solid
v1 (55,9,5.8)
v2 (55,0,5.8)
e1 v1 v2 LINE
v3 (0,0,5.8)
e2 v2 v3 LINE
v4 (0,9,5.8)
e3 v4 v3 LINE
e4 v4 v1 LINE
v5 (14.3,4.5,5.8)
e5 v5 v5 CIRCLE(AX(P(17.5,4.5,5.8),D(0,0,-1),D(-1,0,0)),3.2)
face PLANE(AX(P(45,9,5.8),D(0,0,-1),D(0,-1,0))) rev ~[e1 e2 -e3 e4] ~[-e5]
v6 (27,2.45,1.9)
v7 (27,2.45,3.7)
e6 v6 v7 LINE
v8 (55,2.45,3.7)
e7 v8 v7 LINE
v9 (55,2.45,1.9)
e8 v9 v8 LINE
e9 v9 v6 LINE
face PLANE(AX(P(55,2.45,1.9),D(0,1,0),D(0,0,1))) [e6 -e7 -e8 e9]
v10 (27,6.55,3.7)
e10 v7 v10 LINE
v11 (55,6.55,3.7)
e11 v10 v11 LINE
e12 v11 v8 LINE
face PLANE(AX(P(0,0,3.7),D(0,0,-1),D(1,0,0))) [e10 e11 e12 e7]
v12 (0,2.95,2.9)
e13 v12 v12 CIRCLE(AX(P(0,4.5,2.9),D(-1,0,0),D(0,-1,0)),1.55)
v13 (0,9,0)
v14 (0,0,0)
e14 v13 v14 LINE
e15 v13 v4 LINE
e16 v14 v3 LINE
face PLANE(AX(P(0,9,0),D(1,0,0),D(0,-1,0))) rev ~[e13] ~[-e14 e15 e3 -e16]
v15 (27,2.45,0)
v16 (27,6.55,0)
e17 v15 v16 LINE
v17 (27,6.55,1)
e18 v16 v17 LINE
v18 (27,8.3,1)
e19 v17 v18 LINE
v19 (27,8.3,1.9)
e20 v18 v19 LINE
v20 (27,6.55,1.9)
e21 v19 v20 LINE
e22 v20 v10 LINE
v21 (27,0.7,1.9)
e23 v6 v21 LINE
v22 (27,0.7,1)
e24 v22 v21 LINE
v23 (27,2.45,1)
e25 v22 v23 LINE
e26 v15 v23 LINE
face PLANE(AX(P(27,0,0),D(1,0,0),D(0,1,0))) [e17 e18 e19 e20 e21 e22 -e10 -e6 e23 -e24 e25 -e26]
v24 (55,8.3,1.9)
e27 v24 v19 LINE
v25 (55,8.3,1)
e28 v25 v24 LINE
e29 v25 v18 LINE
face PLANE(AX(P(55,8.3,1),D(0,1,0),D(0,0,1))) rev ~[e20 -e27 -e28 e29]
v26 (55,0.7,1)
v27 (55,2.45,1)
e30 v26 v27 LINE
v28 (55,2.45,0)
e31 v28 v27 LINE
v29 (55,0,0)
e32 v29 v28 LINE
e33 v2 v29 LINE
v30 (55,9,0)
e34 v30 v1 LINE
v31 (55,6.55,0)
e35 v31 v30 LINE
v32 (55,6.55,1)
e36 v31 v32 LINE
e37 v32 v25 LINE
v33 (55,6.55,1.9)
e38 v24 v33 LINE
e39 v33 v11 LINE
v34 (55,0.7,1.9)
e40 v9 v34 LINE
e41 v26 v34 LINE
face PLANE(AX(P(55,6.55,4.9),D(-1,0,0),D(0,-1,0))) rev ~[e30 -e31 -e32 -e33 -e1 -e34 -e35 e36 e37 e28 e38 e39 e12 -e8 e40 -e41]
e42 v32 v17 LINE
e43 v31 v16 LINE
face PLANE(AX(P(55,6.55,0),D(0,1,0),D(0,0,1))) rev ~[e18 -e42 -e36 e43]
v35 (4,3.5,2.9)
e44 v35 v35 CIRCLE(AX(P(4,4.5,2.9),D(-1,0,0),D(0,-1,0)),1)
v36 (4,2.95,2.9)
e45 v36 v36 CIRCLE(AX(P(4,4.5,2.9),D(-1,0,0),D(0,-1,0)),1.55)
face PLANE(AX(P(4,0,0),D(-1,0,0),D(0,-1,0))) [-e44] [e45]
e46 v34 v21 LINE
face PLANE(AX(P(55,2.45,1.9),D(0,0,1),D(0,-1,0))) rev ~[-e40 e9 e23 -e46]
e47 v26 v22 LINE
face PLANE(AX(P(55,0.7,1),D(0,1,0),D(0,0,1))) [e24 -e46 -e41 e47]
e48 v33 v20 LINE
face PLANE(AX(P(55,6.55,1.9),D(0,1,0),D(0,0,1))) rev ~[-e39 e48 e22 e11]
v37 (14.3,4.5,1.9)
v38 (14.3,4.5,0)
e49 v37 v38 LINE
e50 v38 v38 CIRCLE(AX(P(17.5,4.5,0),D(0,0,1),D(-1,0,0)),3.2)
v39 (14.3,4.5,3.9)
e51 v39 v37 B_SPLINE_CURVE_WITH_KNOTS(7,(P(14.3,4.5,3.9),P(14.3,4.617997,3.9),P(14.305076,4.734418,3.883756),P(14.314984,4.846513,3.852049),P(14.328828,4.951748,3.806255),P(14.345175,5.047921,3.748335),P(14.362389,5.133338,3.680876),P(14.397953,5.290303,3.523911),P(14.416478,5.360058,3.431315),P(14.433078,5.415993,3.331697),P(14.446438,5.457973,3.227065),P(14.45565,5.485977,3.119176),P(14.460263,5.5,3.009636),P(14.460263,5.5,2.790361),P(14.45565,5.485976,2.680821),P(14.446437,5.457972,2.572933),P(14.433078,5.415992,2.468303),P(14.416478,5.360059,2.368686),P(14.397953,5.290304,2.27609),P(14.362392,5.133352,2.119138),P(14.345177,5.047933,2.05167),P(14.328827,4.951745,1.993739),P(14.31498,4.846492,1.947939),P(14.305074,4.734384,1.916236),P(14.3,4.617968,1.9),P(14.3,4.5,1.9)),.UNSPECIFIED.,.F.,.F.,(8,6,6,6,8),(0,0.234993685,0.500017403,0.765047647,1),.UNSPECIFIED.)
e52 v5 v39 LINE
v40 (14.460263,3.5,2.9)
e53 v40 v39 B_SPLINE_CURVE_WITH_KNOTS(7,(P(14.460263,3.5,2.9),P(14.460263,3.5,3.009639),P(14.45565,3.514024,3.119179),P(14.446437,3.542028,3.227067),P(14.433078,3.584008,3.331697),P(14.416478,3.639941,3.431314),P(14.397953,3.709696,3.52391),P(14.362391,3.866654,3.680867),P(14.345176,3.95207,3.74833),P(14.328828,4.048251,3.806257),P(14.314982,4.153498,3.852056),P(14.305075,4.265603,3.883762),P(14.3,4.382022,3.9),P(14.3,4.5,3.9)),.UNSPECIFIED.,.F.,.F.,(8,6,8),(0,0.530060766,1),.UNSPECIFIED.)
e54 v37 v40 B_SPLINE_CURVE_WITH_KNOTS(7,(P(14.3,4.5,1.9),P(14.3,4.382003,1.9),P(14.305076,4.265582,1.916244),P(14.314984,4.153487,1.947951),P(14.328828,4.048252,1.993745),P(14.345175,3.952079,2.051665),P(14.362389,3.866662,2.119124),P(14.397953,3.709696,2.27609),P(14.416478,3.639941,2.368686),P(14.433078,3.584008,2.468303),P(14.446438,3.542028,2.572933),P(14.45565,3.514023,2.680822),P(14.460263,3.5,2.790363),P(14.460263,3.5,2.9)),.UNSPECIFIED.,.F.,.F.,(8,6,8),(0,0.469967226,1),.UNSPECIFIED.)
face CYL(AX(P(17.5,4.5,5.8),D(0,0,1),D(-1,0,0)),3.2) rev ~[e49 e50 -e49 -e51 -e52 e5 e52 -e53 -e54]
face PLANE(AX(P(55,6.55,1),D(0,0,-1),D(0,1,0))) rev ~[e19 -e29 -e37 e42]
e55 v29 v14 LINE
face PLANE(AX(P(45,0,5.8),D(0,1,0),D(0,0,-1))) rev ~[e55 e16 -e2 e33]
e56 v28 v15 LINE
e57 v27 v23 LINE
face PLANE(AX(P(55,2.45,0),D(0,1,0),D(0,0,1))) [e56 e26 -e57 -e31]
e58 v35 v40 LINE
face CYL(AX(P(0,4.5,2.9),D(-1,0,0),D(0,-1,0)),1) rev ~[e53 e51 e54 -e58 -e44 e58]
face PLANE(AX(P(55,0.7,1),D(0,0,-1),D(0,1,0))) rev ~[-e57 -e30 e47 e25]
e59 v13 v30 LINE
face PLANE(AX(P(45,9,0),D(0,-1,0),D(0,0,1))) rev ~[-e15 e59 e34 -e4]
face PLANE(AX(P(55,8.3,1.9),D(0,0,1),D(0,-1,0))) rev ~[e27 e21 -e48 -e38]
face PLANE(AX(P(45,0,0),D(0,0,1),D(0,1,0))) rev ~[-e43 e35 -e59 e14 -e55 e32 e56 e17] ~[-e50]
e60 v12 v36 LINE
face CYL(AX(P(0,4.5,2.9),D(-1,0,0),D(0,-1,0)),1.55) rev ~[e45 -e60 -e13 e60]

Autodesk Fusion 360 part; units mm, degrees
sketch "スケッチ3" plane through (0, 0, 0) normal (0, 0, 1) x (1, 0, 0)
  line L0 (0, 0) -> (45, 0)
  line L1 (45, 0) -> (45, 9)
  line L2 (45, 9) -> (0, 9)
  line L3 (0, 9) -> (0, 0)
  dimension "d4" = 45
  dimension "d5" = 9
extrude "押し出し2" add sketch "スケッチ3" along normal blind 5.8
sketch "スケッチ4" plane through (0, 0, 0) normal (1, 0, 0) x (0, 1, 0)
sketch "スケッチ5" plane through (45, 0, 0) normal (1, 0, 0) x (0, 1, 0)
  line L0 (0, 0) -> (9, 0)
  line L1 (9, 0) -> (9, 5.8)
  line L2 (9, 5.8) -> (0, 5.8)
  line L3 (0, 5.8) -> (0, 0)
  line L4 (0, 0) -> (0.85, 0)
  line L5 (0.85, 0) -> (0.85, 5.8)
  line L6 (0.85, 5.8) -> (0, 5.8)
  line L7 (0, 5.8) -> (0, 0)
  line L8 (9, 0) -> (8.15, 0)
  line L9 (8.15, 0) -> (8.15, 5.7622)
  line L10 (8.15, 5.7622) -> (9, 5.7622)
  line L11 (9, 5.7622) -> (9, 0)
  line L12 (0.85, 0) -> (8.15, 0)
  line L13 (8.15, 0) -> (8.15, 1)
  line L14 (8.15, 1) -> (0.85, 1)
  line L15 (0.85, 1) -> (0.85, 0)
  line L16 (0.85, 5.8) -> (8.1927, 5.8)
  line L17 (8.1927, 5.8) -> (8.1927, 1.8)
  line L18 (8.1927, 1.8) -> (0.85, 1.8)
  line L19 (0.85, 1.8) -> (0.85, 5.8)
  line L20 (4.5, 1) -> (6.55, 1)
  line L21 (6.55, 1) -> (6.55, 0)
  line L22 (6.55, 0) -> (4.5, 0)
  line L23 (4.5, 0) -> (4.5, 1)
  line L24 (4.5, 0) -> (2.45, 0)
  line L25 (2.45, 0) -> (2.45, 1)
  line L26 (2.45, 1) -> (4.5, 1)
  line L27 (4.5, 1) -> (4.5, 0)
  dimension "d8" = 0.85
  dimension "d9" = 0.85
  dimension "d10" = 1
  dimension "d11" = 4
  dimension "d12" = 2.05
  dimension "d13" = 2.05
sketch "スケッチ6" plane through (0, 0, 5.8) normal (0, 0, 1) x (-1, 0, 0)
  line L0 (0, -9) -> (0, 0)
  line L1 (0, 0) -> (-45, 0)
  line L2 (-45, 0) -> (-45, -9)
  line L3 (-45, -9) -> (0, -9)
  line L4 (-45, -9) -> (-17.5, -9)
  line L5 (-17.5, -9) -> (-17.5, -4.5)
  line L6 (-17.5, -4.5) -> (-45, -4.5)
  line L7 (-45, -4.5) -> (-45, -9)
  circle A0 centre (-17.5, -4.5) radius 3.2
  dimension "d16" = 27.5
  dimension "d17" = 4.5
  dimension "d18" = 6.4
extrude "押し出し4" cut sketch "スケッチ6" against normal blind 9 contours L5 L6 A0 | L5 L6 A0
sketch "スケッチ7" plane through (0, 0, 0) normal (-1, 0, 0) x (0, -1, 0)
  line L0 (-9, 0) -> (0, 0)
  line L1 (0, 0) -> (0, 5.8)
  line L2 (0, 5.8) -> (-9, 5.8)
  line L3 (-9, 5.8) -> (-9, 0)
  line L4 (-9, 0) -> (0, 5.8)
  line L5 (-9, 5.8) -> (0, 0)
  circle A0 centre (-4.5, 2.9) radius 1
  dimension "d21" = 2
extrude "押し出し5" cut sketch "スケッチ7" against normal blind 15 contours L4 L5 A0 | L4 L5 A0 | L4 L5 A0 | L4 L5 A0
sketch "スケッチ8" plane through (0, 0, 0) normal (-1, 0, 0) x (0, -1, 0)
  circle A0 centre (-4.5, 2.9) radius 1
  line L0 (-9, 0) -> (0, 0)
  line L1 (0, 0) -> (0, 5.8)
  line L2 (0, 5.8) -> (-9, 5.8)
  line L3 (-9, 5.8) -> (-9, 0)
  circle A1 centre (-4.5, 2.9) radius 1.55
  dimension "d24" = 3.1
extrude "押し出し6" cut sketch "スケッチ8" against normal blind 4 contours A1
sketch "スケッチ9" plane through (45, 0, 0) normal (1, 0, 0) x (0, 1, 0)
  line L0 (9, 0) -> (9, 5.8)
  line L1 (9, 5.8) -> (0, 5.8)
  line L2 (0, 5.8) -> (0, 0)
  line L3 (0, 0) -> (9, 0)
sketch "スケッチ10" plane through (45, 0, 0) normal (1, 0, 0) x (0, 1, 0)
  line L0 (0, 0) -> (9, 0)
  line L1 (9, 0) -> (9, 5.8)
  line L2 (9, 5.8) -> (0, 5.8)
  line L3 (0, 5.8) -> (0, 0)
extrude "押し出し7" add sketch "スケッチ9" along normal blind 10
sketch "スケッチ11" plane through (55, 0, 0) normal (1, 0, 0) x (0, 1, 0)
  line L0 (0, 0) -> (9, 0)
  line L1 (9, 0) -> (9, 5.8)
  line L2 (9, 5.8) -> (0, 5.8)
  line L3 (0, 5.8) -> (0, 0)
  line L4 (0, 0) -> (4.5, 0)
  line L5 (4.5, 0) -> (6.55, 0)
  line L6 (6.55, 0) -> (6.55, 1)
  line L7 (6.55, 1) -> (4.5, 1)
  line L8 (4.5, 1) -> (4.5, 0)
  line L9 (4.5, 0) -> (2.45, 0)
  line L10 (2.45, 0) -> (2.45, 1)
  line L11 (2.45, 1) -> (4.5, 1)
  line L12 (4.5, 1) -> (4.5, 0)
  line L13 (9, 0) -> (8.3, 0)
  line L14 (8.3, 0) -> (8.3, 5.8)
  line L15 (8.3, 5.8) -> (9, 5.8)
  line L16 (9, 5.8) -> (9, 0)
  line L17 (0, 0) -> (0.7, 0)
  line L18 (0.7, 0) -> (0.7, 5.8)
  line L19 (0.7, 5.8) -> (0, 5.8)
  line L20 (0, 5.8) -> (0, 0)
  line L21 (0.7, 1) -> (8.3, 1)
  line L22 (8.3, 1) -> (8.3, 1.9)
  line L23 (8.3, 1.9) -> (0.7, 1.9)
  line L24 (0.7, 1.9) -> (0.7, 1)
  line L25 (4.5, 1.9) -> (6.55, 1.9)
  line L26 (6.55, 1.9) -> (6.55, 4.9)
  line L27 (6.55, 4.9) -> (4.5, 4.9)
  line L28 (4.5, 4.9) -> (4.5, 1.9)
  line L29 (4.5, 1.9) -> (2.45, 1.9)
  line L30 (2.45, 1.9) -> (2.45, 4.9)
  line L31 (2.45, 4.9) -> (4.5, 4.9)
  line L32 (4.5, 4.9) -> (4.5, 1.9)
  dimension "d29" = 4.5
  dimension "d30" = 2.05
  dimension "d31" = 1
  dimension "d32" = 0.9
  dimension "d33" = 2.05
  dimension "d34" = 3
  dimension "d35" = 2.05
extrude "押し出し8" cut sketch "スケッチ11" against normal blind 28 contours L0 L4 L8 L9 L10 L11 L12 L21 | L7 L11 L14 L18 L21 L22 L23 L24 L25 L29 | L0 L5 L6 L7 L8 L12 L21 | L23 L28 L29 L30 L31 L32 | L23 L25 L26 L27 L28 L32
sketch "スケッチ12" plane through (0, 0, 4.9) normal (0, 0, -1) x (1, 0, 0)
  line L0 (55, -6.55) -> (55, -2.45)
  line L1 (55, -2.45) -> (27, -2.45)
  line L2 (27, -2.45) -> (27, -6.55)
  line L3 (27, -6.55) -> (55, -6.55)
  line L4 (55, -6.55) -> (27, -6.55)
  line L5 (27, -6.55) -> (27, -2.45)
  line L6 (27, -2.45) -> (55, -2.45)
  line L7 (55, -2.45) -> (55, -6.55)
extrude "押し出し9" add sketch "スケッチ12" along normal blind 1.2
